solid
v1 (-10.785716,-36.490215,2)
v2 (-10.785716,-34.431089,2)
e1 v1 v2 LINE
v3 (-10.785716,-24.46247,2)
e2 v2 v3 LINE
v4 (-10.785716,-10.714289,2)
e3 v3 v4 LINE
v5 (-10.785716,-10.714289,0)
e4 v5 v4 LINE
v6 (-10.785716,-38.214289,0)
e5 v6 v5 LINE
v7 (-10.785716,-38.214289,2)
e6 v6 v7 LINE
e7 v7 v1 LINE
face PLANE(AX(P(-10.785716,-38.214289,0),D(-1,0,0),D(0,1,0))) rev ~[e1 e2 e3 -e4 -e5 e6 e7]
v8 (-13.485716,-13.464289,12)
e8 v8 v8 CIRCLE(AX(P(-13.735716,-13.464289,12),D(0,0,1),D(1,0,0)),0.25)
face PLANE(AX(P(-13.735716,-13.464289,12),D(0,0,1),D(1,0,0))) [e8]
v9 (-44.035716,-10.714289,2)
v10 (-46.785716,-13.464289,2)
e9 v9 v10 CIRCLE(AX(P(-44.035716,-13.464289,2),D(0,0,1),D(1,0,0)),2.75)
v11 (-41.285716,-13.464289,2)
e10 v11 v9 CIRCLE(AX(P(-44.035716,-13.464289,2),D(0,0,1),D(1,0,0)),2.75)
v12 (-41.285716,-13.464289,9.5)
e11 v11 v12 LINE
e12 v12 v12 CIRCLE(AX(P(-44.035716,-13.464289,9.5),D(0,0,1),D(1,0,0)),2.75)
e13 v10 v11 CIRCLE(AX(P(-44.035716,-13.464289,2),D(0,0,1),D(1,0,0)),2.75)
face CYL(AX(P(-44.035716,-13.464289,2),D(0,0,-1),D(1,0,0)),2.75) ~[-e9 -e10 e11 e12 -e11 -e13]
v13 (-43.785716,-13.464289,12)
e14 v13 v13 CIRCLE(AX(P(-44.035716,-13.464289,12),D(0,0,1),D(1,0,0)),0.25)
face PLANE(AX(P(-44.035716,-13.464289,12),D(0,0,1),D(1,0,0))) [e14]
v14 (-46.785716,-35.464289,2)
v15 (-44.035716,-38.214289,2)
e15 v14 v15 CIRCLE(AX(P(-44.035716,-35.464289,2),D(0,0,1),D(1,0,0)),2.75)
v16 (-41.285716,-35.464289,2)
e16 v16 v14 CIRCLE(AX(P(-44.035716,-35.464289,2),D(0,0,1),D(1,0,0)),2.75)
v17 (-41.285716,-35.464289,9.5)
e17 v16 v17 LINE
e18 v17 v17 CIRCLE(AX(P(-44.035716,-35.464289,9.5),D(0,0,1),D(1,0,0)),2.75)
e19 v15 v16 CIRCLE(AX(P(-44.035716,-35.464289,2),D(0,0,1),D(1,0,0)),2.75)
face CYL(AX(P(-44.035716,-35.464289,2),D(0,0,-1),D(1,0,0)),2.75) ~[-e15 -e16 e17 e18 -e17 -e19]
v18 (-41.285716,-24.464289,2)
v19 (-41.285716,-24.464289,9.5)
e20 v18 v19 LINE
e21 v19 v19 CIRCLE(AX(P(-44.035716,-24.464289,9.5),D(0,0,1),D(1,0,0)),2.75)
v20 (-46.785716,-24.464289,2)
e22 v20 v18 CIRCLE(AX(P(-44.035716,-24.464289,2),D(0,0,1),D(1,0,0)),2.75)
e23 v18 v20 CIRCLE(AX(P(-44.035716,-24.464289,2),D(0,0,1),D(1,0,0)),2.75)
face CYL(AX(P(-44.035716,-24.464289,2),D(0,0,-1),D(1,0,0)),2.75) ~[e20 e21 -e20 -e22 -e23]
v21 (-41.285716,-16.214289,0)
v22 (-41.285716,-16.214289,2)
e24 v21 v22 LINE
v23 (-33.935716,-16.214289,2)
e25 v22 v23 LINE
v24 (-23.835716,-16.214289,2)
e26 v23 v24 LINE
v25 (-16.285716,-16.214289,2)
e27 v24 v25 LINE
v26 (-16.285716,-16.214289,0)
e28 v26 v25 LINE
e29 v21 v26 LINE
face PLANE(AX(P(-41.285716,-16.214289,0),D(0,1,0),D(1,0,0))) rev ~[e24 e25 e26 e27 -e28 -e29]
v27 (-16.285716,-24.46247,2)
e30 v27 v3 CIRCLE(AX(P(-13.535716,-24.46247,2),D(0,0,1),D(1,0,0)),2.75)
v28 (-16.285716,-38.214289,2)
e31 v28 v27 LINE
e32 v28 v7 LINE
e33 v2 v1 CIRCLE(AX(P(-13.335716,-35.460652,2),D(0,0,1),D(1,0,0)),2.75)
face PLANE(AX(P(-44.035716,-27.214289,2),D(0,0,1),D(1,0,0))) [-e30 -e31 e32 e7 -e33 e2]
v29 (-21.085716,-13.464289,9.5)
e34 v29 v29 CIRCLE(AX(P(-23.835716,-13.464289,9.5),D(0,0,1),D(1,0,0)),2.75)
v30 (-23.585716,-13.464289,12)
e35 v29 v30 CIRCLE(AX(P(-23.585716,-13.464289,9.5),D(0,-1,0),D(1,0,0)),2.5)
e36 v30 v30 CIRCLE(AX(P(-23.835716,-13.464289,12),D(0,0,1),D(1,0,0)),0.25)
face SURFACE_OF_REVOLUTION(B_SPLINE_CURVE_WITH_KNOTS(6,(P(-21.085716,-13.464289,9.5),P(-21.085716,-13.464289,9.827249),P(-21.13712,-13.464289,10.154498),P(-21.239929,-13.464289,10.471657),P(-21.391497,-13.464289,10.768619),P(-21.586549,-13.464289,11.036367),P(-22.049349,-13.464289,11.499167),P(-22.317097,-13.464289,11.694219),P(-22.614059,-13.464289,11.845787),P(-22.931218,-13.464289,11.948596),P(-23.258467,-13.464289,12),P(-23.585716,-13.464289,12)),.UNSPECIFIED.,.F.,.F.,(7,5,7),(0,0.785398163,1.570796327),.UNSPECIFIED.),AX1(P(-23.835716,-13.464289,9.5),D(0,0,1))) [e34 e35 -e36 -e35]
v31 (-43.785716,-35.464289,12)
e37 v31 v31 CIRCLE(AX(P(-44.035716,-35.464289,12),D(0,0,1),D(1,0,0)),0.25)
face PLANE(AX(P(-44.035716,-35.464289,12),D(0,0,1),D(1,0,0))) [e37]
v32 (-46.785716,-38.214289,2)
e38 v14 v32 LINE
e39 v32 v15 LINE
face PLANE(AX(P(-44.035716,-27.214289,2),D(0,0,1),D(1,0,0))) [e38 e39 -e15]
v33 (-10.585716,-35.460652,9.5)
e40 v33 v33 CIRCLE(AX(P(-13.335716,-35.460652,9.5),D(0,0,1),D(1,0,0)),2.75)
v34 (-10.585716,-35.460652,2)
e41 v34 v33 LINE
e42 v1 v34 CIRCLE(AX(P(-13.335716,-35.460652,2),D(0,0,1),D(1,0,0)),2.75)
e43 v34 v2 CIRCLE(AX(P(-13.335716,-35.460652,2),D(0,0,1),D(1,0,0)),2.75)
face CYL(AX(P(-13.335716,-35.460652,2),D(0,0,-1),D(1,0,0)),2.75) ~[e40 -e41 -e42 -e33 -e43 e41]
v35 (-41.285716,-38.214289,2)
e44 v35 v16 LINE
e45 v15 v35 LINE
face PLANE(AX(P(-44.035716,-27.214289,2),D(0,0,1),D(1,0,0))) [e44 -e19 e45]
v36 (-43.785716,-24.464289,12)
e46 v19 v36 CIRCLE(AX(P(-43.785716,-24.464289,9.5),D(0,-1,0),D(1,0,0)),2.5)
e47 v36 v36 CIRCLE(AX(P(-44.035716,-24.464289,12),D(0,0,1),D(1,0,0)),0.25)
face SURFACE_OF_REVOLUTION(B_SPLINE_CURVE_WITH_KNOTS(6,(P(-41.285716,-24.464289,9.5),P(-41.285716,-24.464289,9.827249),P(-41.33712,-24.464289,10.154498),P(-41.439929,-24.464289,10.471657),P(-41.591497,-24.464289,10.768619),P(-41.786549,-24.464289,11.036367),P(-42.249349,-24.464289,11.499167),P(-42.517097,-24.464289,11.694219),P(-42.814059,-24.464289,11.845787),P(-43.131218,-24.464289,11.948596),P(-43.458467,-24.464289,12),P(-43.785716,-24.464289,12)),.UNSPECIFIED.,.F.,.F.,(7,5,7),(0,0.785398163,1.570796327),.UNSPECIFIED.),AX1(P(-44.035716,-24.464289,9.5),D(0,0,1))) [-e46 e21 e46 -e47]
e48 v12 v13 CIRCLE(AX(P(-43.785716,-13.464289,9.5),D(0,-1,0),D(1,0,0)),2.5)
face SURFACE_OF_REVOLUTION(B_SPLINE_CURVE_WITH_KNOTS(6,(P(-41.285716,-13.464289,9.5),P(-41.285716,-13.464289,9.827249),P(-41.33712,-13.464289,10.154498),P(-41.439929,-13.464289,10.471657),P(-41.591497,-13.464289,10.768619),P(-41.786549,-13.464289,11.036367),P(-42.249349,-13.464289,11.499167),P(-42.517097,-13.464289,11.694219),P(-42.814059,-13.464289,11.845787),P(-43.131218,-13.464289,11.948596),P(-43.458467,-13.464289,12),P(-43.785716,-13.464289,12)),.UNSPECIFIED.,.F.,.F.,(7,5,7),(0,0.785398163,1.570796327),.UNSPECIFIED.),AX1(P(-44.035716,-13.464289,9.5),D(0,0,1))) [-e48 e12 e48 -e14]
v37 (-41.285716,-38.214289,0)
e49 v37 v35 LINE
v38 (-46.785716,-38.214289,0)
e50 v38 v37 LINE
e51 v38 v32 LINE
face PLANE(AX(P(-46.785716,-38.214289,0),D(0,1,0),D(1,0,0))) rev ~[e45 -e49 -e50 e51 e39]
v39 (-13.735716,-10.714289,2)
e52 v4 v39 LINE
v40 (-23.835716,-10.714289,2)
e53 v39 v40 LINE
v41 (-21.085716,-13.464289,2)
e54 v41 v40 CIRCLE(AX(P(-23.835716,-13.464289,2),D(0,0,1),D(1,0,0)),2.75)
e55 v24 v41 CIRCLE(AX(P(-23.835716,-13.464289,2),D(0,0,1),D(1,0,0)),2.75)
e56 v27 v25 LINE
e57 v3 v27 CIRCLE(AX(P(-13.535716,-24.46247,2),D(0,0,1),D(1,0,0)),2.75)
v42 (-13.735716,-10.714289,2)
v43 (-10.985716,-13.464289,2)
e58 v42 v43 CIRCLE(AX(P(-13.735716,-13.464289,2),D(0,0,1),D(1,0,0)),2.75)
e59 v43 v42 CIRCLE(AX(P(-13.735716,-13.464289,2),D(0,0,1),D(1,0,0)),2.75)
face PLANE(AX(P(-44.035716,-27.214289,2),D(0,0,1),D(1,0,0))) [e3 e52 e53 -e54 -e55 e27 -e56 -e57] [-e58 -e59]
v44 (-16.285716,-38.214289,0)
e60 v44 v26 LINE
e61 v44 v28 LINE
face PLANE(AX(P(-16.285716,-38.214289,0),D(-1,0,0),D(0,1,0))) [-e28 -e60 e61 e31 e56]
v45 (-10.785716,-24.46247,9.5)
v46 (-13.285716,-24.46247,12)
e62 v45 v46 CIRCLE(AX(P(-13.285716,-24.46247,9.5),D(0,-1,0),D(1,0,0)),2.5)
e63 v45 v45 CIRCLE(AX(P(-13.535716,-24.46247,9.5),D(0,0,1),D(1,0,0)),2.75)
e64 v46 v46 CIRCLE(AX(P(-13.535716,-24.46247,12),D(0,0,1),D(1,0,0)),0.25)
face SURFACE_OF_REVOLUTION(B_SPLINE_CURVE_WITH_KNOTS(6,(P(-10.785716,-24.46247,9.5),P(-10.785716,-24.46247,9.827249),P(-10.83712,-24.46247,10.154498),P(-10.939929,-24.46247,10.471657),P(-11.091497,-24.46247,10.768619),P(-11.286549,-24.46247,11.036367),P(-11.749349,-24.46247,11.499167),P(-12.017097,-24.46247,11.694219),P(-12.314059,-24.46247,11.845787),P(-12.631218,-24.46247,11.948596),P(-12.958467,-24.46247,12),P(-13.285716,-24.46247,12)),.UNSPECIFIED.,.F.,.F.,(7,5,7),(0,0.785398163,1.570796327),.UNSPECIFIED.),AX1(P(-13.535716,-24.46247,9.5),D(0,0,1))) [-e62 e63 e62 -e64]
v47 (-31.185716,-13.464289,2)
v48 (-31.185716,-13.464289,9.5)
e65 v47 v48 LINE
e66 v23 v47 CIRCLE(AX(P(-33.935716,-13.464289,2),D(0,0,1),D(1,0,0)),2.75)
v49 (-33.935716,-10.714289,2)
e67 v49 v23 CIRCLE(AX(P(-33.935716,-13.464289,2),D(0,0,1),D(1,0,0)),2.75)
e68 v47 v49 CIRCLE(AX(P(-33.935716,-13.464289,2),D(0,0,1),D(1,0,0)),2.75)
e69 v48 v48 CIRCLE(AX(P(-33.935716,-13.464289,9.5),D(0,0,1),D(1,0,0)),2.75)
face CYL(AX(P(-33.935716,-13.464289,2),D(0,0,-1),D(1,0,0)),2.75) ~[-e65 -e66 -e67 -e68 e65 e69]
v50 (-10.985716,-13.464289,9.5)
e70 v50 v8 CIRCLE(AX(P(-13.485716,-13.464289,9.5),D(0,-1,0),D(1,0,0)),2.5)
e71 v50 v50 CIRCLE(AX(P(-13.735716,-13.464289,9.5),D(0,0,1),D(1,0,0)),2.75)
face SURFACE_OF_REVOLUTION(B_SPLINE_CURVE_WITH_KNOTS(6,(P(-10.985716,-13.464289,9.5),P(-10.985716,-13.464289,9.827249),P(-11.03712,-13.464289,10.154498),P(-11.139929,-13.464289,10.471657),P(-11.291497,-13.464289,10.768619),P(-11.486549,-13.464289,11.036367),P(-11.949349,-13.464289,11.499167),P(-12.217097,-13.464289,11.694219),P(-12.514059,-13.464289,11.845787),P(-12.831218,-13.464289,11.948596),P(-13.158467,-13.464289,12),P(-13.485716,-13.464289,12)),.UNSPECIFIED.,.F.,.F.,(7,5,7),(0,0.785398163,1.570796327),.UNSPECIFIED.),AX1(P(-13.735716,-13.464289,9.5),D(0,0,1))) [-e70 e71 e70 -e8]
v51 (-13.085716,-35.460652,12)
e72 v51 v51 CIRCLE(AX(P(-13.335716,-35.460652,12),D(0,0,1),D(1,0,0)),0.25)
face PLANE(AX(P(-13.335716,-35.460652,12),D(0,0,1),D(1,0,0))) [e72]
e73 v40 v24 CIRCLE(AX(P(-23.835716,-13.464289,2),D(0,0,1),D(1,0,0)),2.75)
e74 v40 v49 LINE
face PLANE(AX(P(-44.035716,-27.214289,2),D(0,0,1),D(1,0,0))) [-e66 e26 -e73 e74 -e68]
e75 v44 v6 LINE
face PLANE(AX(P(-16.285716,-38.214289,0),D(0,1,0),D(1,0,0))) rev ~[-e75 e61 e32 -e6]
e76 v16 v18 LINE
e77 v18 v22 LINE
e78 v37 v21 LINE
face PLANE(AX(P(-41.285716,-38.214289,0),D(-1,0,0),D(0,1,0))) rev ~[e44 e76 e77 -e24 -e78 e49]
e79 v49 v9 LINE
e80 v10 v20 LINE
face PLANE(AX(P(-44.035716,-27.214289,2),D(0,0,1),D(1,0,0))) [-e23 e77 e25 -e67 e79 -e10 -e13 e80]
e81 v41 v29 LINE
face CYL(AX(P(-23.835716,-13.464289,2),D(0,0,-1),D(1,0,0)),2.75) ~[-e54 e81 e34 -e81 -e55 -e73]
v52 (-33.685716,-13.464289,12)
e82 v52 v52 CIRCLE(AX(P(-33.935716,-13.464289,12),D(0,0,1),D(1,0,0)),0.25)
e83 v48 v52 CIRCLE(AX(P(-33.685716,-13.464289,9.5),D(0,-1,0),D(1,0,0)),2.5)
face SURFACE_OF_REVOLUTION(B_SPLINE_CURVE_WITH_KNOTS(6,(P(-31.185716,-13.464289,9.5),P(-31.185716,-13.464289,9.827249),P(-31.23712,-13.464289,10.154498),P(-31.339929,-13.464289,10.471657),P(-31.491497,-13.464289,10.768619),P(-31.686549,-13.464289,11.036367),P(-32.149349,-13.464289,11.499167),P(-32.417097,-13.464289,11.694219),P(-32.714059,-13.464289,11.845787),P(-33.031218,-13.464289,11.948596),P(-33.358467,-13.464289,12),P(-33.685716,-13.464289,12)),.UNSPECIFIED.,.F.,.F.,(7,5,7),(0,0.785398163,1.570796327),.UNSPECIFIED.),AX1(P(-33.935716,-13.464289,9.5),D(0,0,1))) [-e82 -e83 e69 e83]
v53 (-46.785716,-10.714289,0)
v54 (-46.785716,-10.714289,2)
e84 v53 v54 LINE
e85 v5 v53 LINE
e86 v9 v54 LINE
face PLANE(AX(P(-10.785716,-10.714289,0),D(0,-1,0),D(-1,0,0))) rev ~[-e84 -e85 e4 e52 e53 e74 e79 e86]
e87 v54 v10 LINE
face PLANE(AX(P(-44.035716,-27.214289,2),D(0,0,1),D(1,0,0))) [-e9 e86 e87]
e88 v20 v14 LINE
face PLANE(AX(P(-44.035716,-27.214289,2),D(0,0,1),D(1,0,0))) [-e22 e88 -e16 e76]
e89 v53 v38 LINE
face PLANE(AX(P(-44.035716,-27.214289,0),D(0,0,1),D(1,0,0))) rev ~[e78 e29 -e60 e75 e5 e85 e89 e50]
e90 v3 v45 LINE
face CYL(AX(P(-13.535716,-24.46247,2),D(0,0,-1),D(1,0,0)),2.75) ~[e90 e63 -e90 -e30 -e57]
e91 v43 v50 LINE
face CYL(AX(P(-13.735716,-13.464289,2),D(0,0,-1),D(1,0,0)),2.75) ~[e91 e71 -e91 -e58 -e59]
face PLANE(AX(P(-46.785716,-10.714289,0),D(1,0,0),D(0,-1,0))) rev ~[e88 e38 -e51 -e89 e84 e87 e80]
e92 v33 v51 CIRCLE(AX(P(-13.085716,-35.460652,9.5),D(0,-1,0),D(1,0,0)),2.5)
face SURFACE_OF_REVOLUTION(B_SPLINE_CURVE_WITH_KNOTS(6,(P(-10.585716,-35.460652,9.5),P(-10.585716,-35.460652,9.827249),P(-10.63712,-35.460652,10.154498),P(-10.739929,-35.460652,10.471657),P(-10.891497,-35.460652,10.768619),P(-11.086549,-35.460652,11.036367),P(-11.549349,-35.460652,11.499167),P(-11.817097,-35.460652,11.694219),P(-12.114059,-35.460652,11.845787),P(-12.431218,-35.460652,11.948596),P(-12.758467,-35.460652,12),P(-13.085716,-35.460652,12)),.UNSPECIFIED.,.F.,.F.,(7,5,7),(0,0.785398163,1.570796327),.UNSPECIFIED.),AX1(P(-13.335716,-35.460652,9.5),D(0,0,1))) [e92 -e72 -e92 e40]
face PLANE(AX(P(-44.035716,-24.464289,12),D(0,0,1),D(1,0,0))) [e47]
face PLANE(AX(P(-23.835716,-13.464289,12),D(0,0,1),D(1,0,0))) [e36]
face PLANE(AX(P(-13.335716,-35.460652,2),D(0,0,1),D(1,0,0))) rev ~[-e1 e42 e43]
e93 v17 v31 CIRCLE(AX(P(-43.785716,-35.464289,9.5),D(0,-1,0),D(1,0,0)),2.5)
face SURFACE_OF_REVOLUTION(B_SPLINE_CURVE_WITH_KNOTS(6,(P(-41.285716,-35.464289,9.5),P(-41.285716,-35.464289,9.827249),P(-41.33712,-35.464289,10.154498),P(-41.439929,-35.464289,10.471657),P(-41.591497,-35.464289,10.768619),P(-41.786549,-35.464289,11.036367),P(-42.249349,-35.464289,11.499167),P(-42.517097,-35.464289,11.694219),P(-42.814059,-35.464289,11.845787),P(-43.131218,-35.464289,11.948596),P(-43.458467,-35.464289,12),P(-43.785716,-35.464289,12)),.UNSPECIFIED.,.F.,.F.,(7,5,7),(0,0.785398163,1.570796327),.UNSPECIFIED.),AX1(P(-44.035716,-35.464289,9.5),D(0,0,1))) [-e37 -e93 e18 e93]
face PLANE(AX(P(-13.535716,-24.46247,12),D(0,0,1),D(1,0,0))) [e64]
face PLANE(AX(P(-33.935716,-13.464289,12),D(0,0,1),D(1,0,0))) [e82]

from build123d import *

# Parameters (mm, degrees)
F0_W     = 5.5
F0_H     = 22
F1_DEPTH = 2
F2_R     = 2.75
F3_DEPTH = 10
F4_R     = 2.5
F5_R     = 2.5


with BuildPart() as f1:
    # F0 (on Top) → F1 (new body)
    with BuildSketch(Plane.XY):
        with Locations((-44.035716, -27.214289)):
            Rectangle(F0_W, F0_H)
        Polygon((-46.785716, -10.714289), (-46.785716, -16.214289), (-41.285716, -16.214289), (-16.285716, -16.214289), (-10.785716, -16.214289), (-10.785716, -10.714289), align=None)
        with Locations((-13.535716, -27.214289)):
            Rectangle(F0_W, F0_H)
    extrude(amount=F1_DEPTH)

    # F2 (on face) → F3 (join)
    with BuildSketch(Plane.XY.offset(2)):
        with Locations((-44.035716, -35.464289)):
            Circle(F2_R)
        with Locations((-44.035716, -24.464289)):
            Circle(F2_R)
        with Locations((-44.035716, -13.464289)):
            Circle(F2_R)
        with Locations((-33.935716, -13.464289)):
            Circle(F2_R)
        with Locations((-23.835716, -13.464289)):
            Circle(F2_R)
        with Locations((-13.735716, -13.464289)):
            Circle(F2_R)
        with Locations((-13.535716, -24.46247)):
            Circle(F2_R)
        with Locations((-13.335716, -35.460652)):
            Circle(F2_R)
    extrude(amount=F3_DEPTH)

    # F4
    f4_edges = [f1.edges().sort_by_distance(p)[0] for p in [
        (-46.785716, -35.464289, 12),
    ]]
    fillet(f4_edges, radius=F4_R)

    # F5
    f5_edges = [f1.edges().sort_by_distance(p)[0] for p in [
        (-46.785716, -24.464289, 12),
        (-46.785716, -13.464289, 12),
        (-36.685716, -13.464289, 12),
        (-26.585716, -13.464289, 12),
        (-16.485716, -13.464289, 12),
        (-16.285716, -24.46247, 12),
        (-16.085716, -35.460652, 12),
    ]]
    fillet(f5_edges, radius=F5_R)


solid = f1.part
